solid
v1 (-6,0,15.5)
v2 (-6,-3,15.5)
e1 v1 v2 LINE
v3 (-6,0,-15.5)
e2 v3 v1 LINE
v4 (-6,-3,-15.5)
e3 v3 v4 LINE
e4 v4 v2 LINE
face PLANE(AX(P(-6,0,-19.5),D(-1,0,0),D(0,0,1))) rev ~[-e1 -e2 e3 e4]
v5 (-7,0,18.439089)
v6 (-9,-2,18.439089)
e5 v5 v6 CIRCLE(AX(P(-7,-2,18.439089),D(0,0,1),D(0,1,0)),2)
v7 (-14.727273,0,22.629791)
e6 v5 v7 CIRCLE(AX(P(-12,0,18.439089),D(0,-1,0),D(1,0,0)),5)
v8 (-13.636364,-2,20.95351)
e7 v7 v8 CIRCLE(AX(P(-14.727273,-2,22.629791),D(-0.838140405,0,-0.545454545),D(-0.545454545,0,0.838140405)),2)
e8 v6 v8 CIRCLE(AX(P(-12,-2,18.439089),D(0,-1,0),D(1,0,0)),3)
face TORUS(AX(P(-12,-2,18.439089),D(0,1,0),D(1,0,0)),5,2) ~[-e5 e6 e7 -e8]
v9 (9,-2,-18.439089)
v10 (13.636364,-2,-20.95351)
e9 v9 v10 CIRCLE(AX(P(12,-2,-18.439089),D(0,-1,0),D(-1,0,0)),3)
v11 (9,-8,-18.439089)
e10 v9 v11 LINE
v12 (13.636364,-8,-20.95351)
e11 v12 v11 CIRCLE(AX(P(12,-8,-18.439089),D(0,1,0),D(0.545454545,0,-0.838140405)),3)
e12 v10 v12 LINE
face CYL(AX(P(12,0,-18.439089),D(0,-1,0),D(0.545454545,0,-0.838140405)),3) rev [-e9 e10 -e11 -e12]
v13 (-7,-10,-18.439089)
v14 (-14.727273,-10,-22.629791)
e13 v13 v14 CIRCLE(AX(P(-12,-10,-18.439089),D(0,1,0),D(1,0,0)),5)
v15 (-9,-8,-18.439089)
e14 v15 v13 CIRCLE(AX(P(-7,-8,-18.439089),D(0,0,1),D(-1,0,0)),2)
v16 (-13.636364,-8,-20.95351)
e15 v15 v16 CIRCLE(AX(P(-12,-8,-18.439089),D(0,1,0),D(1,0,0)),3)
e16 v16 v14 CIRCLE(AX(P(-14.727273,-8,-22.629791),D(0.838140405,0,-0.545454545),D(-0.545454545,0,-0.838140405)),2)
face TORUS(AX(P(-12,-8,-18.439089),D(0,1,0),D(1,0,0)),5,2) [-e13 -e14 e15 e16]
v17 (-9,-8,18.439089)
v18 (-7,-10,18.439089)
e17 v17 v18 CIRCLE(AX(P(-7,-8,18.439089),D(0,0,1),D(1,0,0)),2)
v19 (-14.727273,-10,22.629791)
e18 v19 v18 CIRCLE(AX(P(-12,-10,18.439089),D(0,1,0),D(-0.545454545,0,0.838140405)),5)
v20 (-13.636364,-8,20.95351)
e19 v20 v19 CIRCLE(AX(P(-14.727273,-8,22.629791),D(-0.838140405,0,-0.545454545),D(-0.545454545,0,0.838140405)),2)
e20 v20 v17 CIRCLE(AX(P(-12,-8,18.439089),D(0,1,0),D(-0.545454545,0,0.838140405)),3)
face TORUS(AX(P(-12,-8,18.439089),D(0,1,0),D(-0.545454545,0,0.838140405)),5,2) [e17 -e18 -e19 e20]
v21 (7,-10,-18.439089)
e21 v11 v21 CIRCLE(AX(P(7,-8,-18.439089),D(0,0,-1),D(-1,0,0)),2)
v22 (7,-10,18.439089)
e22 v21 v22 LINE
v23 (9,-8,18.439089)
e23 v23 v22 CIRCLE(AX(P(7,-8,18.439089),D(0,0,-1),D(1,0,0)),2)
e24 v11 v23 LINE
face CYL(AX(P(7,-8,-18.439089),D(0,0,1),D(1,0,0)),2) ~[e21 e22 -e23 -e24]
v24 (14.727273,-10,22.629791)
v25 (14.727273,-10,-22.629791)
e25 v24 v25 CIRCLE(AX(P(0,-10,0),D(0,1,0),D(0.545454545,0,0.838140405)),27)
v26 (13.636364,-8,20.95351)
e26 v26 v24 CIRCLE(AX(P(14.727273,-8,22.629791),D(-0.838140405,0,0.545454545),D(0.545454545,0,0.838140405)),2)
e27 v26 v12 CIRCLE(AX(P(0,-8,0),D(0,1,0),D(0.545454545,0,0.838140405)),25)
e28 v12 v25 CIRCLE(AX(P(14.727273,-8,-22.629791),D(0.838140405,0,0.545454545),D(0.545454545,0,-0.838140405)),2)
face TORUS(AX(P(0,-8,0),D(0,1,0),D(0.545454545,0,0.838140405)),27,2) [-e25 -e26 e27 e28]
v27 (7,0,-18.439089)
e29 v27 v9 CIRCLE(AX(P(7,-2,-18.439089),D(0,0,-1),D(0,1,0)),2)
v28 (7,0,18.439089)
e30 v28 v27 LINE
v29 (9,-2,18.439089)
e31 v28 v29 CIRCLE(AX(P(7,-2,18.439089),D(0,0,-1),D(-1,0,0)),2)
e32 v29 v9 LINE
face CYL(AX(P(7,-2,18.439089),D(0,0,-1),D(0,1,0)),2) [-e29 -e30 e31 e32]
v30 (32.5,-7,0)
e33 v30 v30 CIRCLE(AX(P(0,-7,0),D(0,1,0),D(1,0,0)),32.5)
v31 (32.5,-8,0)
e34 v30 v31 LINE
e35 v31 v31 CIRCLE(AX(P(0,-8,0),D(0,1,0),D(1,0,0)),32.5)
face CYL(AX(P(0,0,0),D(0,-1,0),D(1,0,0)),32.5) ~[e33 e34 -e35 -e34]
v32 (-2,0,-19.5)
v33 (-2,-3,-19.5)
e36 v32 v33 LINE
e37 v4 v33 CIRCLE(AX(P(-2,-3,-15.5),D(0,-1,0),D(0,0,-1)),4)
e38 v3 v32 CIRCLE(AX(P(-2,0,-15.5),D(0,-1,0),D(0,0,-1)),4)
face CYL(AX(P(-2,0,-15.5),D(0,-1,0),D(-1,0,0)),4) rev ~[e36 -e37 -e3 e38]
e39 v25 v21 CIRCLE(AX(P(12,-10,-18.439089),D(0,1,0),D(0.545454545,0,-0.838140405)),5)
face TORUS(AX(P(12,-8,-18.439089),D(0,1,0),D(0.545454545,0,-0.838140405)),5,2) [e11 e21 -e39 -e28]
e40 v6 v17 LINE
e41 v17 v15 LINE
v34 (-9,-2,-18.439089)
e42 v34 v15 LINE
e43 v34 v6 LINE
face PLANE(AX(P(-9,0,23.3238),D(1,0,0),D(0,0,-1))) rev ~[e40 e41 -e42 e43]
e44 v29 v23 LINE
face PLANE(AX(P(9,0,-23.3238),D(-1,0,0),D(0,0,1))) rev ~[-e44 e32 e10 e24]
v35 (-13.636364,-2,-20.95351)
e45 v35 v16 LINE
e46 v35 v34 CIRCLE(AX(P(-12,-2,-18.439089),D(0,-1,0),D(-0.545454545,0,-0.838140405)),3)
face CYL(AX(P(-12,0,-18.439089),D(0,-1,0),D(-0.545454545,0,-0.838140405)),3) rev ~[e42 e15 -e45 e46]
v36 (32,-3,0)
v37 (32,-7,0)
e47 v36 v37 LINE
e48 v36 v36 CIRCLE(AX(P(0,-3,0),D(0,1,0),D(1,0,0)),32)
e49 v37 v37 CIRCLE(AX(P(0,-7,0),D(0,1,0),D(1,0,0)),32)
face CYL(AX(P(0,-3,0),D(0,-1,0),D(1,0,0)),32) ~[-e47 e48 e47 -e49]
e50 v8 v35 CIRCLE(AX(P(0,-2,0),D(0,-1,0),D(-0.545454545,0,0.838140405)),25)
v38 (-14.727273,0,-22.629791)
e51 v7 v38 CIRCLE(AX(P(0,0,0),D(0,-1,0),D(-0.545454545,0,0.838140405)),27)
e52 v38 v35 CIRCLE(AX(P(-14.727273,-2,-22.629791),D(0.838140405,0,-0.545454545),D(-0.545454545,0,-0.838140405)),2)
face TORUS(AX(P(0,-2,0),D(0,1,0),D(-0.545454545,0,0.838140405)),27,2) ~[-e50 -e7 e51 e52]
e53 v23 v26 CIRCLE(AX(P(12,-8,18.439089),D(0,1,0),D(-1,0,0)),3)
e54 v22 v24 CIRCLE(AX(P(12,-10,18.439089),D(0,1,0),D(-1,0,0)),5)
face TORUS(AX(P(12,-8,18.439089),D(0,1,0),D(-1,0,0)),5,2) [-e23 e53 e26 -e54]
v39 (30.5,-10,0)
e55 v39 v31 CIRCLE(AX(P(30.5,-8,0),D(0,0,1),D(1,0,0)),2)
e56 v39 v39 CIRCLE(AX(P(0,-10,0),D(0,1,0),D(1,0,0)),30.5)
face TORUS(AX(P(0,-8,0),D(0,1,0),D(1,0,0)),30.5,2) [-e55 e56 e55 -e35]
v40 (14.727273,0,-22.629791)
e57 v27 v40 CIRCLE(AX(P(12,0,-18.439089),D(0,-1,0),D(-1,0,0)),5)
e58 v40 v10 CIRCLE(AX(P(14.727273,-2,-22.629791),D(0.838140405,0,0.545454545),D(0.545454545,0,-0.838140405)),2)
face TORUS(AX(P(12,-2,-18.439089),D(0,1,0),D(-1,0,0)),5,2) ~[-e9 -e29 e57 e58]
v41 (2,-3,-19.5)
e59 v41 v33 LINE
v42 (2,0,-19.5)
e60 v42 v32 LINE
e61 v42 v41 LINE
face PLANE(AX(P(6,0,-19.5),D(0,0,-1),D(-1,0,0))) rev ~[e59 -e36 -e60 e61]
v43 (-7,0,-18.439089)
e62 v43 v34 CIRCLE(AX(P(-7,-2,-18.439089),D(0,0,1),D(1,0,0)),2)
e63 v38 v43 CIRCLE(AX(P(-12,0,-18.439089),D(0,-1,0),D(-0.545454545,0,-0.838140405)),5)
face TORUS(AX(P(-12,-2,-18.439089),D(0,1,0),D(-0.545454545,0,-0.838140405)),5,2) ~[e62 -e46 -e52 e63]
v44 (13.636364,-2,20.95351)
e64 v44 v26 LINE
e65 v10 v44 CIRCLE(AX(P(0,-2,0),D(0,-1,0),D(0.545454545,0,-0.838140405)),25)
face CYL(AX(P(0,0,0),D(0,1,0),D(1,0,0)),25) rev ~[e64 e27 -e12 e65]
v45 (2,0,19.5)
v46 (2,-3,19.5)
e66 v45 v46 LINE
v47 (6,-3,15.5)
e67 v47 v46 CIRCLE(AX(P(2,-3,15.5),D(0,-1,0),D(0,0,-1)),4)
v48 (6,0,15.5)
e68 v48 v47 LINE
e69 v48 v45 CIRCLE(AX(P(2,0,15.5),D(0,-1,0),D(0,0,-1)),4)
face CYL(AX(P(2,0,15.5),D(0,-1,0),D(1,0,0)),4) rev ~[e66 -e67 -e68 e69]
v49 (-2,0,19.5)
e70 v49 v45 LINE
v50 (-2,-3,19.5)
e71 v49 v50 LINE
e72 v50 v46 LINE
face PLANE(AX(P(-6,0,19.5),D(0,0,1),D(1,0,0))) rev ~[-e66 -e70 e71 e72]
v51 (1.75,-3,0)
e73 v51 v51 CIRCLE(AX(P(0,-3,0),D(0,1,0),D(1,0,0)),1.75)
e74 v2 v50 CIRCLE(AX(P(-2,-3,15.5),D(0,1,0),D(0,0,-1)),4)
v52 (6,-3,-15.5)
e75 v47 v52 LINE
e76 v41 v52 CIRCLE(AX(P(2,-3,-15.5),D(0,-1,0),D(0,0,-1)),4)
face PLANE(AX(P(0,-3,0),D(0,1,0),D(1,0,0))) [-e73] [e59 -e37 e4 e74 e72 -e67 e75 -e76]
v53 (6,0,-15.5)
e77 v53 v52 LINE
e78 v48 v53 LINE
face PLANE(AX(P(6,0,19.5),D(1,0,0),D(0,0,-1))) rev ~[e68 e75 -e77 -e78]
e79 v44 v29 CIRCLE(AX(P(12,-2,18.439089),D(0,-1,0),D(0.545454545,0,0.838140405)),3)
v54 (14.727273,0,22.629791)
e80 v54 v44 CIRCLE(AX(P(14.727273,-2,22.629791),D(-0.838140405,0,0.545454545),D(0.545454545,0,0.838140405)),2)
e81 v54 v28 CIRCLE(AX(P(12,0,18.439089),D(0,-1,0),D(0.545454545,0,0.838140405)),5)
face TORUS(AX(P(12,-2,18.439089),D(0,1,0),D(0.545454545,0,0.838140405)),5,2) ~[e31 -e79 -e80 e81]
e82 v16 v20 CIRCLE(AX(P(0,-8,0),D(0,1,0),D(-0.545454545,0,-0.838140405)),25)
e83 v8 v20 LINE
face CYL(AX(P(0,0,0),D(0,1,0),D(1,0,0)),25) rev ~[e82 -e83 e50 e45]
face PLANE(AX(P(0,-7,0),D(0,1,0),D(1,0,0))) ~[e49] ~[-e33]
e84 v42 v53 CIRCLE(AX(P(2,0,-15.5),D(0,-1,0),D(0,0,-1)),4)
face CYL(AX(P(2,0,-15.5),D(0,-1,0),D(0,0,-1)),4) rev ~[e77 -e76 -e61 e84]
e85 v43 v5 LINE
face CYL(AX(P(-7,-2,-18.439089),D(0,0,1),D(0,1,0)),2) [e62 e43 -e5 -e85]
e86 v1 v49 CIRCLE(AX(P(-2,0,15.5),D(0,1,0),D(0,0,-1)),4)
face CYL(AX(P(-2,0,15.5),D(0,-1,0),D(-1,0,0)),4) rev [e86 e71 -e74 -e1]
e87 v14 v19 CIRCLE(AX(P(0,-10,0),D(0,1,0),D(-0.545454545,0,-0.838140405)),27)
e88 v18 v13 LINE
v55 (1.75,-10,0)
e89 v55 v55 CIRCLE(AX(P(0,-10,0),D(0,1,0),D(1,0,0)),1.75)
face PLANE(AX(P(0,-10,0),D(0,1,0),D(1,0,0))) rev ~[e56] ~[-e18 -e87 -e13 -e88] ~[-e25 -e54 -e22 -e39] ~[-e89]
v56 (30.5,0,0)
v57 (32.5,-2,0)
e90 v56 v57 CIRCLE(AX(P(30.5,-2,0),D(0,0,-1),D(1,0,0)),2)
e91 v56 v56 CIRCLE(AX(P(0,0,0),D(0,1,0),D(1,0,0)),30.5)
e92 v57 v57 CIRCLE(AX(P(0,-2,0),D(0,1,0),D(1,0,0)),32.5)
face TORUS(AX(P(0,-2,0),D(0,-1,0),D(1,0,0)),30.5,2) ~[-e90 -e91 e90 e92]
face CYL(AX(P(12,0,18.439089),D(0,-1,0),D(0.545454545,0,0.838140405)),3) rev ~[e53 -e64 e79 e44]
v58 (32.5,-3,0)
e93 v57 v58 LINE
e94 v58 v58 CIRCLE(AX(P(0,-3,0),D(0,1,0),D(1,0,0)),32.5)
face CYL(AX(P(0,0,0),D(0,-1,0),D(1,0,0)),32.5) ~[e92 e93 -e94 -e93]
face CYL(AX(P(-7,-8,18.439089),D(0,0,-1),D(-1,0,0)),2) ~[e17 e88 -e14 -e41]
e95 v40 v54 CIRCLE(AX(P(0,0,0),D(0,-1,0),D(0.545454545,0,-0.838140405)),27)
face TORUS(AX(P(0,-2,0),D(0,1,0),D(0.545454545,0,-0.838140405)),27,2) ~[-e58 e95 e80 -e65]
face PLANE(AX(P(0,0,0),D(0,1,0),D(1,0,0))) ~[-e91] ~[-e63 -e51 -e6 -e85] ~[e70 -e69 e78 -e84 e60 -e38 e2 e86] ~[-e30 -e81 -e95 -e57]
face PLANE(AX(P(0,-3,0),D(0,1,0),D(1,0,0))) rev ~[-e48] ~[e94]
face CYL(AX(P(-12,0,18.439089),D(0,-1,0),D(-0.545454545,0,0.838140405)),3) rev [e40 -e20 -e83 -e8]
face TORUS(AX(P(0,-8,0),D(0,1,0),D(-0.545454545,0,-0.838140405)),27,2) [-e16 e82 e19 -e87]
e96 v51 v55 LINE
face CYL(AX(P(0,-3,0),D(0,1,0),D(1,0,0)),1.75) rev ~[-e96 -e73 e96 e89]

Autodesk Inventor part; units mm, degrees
ref_plane "YZ Plane" through (0, 0, 0) normal (1, 0, 0) x (0, 1, 0)
ref_plane "XZ Plane" through (0, 0, 0) normal (0, 1, 0) x (-1, 0, 0)
ref_plane "XY Plane" through (0, 0, 0) normal (0, 0, 1) x (1, 0, 0)
sketch "Esquisse2" plane through (0, 0, 0) normal (0, 0, 1) x (1, 0, 0)
  line L0 (0, 0) -> (32.5, 0)
  line L1 (32.5, 0) -> (32.5, -10)
  line L2 (32.5, -10) -> (0, -10)
  line L3 (0, -10) -> (0, 0)
  line L4 (32.5, -3) -> (32, -3)
  line L5 (32, -3) -> (32, -7)
  line L6 (32, -7) -> (32.5, -7)
  line L7 (32.5, -7) -> (32.5, -3)
  dimension "d1" = 32.5
  dimension "d2" = 10
  dimension "d6" = 3
  dimension "d7" = 0.5
  dimension "d13" = 3
revolve "Révolution1" add sketch "Esquisse2" angle 360 about axis through (0, -10, 0) along (0, 1, 0) contours L0 L1 L4 L5 L6 L2 L3
sketch "Esquisse3" plane through (0, 0, 0) normal (0, 1, 0) x (1, 0, 0)
  line L0 (-6, -19.5) -> (6, -19.5)
  line L1 (6, -19.5) -> (6, 19.5)
  line L2 (6, 19.5) -> (-6, 19.5)
  line L3 (-6, 19.5) -> (-6, -19.5)
  line L4 (-6, -19.5) -> (6, 19.5)
  line L5 (6, -19.5) -> (-6, 19.5)
  point P0 (0, 0)
  point P1 (0, 0)
  point P2 (0, 0)
  dimension "d9" = 12
  dimension "d10" = 39
extrude "Extrusion1" cut sketch "Esquisse3" against normal blind 3
fillet "Congé1" radius 4 4 edges at (-6, -1.5, -19.5) (6, -1.5, -19.5) (-6, -1.5, 19.5) (6, -1.5, 19.5)
sketch "Esquisse4" plane through (0, -3, 0) normal (0, 1, 0) x (1, 0, 0)
  circle A0 centre (0, 0) radius 1.75
  point P0 (0, 0)
  dimension "d15" = 3.5
extrude "Extrusion2" cut sketch "Esquisse4" against normal blind 10
fillet "Congé2" radius 2 2 edges at (-32.5, 0, 0) (-32.5, -10, 0)
sketch "Esquisse5" plane through (0, 0, 0) normal (0, 1, 0) x (1, 0, 0)
  circle A0 centre (0, 0) radius 25
  line L0 (-9, 23.3238) -> (9, 23.3238)
  line L1 (9, 23.3238) -> (9, -23.3238)
  line L2 (9, -23.3238) -> (-9, -23.3238)
  line L3 (-9, -23.3238) -> (-9, 23.3238)
  dimension "d19" = 50
  dimension "d20" = 18
extrude "Extrusion3" cut sketch "Esquisse5" against normal blind 38.5 contours A0 L1 | L3 A0
fillet "Congé3" radius 3 4 edges at (9, -5, 23.3238) (9, -5, -23.3238) (-9, -5, -23.3238) (-9, -5, 23.3238)
fillet "Congé4" radius 2 16 edges at (-10.5698, 0, -21.0762) (-9, 0, 0) (-10.5698, 0, 21.0762) (-25, 0, 0) (-10.5698, -10, 21.0762) (-9, -10, 0) (-10.5698, -10, -21.0762) (-25, -10, 0) (10.5698, 0, 21.0762) (9, 0, 0) (10.5698, 0, -21.0762) (25, 0, 0) (10.5698, -10, -21.0762) (9, -10, 0) (10.5698, -10, 21.0762) (25, -10, 0)
properties part number "roue_Impression 3D"
